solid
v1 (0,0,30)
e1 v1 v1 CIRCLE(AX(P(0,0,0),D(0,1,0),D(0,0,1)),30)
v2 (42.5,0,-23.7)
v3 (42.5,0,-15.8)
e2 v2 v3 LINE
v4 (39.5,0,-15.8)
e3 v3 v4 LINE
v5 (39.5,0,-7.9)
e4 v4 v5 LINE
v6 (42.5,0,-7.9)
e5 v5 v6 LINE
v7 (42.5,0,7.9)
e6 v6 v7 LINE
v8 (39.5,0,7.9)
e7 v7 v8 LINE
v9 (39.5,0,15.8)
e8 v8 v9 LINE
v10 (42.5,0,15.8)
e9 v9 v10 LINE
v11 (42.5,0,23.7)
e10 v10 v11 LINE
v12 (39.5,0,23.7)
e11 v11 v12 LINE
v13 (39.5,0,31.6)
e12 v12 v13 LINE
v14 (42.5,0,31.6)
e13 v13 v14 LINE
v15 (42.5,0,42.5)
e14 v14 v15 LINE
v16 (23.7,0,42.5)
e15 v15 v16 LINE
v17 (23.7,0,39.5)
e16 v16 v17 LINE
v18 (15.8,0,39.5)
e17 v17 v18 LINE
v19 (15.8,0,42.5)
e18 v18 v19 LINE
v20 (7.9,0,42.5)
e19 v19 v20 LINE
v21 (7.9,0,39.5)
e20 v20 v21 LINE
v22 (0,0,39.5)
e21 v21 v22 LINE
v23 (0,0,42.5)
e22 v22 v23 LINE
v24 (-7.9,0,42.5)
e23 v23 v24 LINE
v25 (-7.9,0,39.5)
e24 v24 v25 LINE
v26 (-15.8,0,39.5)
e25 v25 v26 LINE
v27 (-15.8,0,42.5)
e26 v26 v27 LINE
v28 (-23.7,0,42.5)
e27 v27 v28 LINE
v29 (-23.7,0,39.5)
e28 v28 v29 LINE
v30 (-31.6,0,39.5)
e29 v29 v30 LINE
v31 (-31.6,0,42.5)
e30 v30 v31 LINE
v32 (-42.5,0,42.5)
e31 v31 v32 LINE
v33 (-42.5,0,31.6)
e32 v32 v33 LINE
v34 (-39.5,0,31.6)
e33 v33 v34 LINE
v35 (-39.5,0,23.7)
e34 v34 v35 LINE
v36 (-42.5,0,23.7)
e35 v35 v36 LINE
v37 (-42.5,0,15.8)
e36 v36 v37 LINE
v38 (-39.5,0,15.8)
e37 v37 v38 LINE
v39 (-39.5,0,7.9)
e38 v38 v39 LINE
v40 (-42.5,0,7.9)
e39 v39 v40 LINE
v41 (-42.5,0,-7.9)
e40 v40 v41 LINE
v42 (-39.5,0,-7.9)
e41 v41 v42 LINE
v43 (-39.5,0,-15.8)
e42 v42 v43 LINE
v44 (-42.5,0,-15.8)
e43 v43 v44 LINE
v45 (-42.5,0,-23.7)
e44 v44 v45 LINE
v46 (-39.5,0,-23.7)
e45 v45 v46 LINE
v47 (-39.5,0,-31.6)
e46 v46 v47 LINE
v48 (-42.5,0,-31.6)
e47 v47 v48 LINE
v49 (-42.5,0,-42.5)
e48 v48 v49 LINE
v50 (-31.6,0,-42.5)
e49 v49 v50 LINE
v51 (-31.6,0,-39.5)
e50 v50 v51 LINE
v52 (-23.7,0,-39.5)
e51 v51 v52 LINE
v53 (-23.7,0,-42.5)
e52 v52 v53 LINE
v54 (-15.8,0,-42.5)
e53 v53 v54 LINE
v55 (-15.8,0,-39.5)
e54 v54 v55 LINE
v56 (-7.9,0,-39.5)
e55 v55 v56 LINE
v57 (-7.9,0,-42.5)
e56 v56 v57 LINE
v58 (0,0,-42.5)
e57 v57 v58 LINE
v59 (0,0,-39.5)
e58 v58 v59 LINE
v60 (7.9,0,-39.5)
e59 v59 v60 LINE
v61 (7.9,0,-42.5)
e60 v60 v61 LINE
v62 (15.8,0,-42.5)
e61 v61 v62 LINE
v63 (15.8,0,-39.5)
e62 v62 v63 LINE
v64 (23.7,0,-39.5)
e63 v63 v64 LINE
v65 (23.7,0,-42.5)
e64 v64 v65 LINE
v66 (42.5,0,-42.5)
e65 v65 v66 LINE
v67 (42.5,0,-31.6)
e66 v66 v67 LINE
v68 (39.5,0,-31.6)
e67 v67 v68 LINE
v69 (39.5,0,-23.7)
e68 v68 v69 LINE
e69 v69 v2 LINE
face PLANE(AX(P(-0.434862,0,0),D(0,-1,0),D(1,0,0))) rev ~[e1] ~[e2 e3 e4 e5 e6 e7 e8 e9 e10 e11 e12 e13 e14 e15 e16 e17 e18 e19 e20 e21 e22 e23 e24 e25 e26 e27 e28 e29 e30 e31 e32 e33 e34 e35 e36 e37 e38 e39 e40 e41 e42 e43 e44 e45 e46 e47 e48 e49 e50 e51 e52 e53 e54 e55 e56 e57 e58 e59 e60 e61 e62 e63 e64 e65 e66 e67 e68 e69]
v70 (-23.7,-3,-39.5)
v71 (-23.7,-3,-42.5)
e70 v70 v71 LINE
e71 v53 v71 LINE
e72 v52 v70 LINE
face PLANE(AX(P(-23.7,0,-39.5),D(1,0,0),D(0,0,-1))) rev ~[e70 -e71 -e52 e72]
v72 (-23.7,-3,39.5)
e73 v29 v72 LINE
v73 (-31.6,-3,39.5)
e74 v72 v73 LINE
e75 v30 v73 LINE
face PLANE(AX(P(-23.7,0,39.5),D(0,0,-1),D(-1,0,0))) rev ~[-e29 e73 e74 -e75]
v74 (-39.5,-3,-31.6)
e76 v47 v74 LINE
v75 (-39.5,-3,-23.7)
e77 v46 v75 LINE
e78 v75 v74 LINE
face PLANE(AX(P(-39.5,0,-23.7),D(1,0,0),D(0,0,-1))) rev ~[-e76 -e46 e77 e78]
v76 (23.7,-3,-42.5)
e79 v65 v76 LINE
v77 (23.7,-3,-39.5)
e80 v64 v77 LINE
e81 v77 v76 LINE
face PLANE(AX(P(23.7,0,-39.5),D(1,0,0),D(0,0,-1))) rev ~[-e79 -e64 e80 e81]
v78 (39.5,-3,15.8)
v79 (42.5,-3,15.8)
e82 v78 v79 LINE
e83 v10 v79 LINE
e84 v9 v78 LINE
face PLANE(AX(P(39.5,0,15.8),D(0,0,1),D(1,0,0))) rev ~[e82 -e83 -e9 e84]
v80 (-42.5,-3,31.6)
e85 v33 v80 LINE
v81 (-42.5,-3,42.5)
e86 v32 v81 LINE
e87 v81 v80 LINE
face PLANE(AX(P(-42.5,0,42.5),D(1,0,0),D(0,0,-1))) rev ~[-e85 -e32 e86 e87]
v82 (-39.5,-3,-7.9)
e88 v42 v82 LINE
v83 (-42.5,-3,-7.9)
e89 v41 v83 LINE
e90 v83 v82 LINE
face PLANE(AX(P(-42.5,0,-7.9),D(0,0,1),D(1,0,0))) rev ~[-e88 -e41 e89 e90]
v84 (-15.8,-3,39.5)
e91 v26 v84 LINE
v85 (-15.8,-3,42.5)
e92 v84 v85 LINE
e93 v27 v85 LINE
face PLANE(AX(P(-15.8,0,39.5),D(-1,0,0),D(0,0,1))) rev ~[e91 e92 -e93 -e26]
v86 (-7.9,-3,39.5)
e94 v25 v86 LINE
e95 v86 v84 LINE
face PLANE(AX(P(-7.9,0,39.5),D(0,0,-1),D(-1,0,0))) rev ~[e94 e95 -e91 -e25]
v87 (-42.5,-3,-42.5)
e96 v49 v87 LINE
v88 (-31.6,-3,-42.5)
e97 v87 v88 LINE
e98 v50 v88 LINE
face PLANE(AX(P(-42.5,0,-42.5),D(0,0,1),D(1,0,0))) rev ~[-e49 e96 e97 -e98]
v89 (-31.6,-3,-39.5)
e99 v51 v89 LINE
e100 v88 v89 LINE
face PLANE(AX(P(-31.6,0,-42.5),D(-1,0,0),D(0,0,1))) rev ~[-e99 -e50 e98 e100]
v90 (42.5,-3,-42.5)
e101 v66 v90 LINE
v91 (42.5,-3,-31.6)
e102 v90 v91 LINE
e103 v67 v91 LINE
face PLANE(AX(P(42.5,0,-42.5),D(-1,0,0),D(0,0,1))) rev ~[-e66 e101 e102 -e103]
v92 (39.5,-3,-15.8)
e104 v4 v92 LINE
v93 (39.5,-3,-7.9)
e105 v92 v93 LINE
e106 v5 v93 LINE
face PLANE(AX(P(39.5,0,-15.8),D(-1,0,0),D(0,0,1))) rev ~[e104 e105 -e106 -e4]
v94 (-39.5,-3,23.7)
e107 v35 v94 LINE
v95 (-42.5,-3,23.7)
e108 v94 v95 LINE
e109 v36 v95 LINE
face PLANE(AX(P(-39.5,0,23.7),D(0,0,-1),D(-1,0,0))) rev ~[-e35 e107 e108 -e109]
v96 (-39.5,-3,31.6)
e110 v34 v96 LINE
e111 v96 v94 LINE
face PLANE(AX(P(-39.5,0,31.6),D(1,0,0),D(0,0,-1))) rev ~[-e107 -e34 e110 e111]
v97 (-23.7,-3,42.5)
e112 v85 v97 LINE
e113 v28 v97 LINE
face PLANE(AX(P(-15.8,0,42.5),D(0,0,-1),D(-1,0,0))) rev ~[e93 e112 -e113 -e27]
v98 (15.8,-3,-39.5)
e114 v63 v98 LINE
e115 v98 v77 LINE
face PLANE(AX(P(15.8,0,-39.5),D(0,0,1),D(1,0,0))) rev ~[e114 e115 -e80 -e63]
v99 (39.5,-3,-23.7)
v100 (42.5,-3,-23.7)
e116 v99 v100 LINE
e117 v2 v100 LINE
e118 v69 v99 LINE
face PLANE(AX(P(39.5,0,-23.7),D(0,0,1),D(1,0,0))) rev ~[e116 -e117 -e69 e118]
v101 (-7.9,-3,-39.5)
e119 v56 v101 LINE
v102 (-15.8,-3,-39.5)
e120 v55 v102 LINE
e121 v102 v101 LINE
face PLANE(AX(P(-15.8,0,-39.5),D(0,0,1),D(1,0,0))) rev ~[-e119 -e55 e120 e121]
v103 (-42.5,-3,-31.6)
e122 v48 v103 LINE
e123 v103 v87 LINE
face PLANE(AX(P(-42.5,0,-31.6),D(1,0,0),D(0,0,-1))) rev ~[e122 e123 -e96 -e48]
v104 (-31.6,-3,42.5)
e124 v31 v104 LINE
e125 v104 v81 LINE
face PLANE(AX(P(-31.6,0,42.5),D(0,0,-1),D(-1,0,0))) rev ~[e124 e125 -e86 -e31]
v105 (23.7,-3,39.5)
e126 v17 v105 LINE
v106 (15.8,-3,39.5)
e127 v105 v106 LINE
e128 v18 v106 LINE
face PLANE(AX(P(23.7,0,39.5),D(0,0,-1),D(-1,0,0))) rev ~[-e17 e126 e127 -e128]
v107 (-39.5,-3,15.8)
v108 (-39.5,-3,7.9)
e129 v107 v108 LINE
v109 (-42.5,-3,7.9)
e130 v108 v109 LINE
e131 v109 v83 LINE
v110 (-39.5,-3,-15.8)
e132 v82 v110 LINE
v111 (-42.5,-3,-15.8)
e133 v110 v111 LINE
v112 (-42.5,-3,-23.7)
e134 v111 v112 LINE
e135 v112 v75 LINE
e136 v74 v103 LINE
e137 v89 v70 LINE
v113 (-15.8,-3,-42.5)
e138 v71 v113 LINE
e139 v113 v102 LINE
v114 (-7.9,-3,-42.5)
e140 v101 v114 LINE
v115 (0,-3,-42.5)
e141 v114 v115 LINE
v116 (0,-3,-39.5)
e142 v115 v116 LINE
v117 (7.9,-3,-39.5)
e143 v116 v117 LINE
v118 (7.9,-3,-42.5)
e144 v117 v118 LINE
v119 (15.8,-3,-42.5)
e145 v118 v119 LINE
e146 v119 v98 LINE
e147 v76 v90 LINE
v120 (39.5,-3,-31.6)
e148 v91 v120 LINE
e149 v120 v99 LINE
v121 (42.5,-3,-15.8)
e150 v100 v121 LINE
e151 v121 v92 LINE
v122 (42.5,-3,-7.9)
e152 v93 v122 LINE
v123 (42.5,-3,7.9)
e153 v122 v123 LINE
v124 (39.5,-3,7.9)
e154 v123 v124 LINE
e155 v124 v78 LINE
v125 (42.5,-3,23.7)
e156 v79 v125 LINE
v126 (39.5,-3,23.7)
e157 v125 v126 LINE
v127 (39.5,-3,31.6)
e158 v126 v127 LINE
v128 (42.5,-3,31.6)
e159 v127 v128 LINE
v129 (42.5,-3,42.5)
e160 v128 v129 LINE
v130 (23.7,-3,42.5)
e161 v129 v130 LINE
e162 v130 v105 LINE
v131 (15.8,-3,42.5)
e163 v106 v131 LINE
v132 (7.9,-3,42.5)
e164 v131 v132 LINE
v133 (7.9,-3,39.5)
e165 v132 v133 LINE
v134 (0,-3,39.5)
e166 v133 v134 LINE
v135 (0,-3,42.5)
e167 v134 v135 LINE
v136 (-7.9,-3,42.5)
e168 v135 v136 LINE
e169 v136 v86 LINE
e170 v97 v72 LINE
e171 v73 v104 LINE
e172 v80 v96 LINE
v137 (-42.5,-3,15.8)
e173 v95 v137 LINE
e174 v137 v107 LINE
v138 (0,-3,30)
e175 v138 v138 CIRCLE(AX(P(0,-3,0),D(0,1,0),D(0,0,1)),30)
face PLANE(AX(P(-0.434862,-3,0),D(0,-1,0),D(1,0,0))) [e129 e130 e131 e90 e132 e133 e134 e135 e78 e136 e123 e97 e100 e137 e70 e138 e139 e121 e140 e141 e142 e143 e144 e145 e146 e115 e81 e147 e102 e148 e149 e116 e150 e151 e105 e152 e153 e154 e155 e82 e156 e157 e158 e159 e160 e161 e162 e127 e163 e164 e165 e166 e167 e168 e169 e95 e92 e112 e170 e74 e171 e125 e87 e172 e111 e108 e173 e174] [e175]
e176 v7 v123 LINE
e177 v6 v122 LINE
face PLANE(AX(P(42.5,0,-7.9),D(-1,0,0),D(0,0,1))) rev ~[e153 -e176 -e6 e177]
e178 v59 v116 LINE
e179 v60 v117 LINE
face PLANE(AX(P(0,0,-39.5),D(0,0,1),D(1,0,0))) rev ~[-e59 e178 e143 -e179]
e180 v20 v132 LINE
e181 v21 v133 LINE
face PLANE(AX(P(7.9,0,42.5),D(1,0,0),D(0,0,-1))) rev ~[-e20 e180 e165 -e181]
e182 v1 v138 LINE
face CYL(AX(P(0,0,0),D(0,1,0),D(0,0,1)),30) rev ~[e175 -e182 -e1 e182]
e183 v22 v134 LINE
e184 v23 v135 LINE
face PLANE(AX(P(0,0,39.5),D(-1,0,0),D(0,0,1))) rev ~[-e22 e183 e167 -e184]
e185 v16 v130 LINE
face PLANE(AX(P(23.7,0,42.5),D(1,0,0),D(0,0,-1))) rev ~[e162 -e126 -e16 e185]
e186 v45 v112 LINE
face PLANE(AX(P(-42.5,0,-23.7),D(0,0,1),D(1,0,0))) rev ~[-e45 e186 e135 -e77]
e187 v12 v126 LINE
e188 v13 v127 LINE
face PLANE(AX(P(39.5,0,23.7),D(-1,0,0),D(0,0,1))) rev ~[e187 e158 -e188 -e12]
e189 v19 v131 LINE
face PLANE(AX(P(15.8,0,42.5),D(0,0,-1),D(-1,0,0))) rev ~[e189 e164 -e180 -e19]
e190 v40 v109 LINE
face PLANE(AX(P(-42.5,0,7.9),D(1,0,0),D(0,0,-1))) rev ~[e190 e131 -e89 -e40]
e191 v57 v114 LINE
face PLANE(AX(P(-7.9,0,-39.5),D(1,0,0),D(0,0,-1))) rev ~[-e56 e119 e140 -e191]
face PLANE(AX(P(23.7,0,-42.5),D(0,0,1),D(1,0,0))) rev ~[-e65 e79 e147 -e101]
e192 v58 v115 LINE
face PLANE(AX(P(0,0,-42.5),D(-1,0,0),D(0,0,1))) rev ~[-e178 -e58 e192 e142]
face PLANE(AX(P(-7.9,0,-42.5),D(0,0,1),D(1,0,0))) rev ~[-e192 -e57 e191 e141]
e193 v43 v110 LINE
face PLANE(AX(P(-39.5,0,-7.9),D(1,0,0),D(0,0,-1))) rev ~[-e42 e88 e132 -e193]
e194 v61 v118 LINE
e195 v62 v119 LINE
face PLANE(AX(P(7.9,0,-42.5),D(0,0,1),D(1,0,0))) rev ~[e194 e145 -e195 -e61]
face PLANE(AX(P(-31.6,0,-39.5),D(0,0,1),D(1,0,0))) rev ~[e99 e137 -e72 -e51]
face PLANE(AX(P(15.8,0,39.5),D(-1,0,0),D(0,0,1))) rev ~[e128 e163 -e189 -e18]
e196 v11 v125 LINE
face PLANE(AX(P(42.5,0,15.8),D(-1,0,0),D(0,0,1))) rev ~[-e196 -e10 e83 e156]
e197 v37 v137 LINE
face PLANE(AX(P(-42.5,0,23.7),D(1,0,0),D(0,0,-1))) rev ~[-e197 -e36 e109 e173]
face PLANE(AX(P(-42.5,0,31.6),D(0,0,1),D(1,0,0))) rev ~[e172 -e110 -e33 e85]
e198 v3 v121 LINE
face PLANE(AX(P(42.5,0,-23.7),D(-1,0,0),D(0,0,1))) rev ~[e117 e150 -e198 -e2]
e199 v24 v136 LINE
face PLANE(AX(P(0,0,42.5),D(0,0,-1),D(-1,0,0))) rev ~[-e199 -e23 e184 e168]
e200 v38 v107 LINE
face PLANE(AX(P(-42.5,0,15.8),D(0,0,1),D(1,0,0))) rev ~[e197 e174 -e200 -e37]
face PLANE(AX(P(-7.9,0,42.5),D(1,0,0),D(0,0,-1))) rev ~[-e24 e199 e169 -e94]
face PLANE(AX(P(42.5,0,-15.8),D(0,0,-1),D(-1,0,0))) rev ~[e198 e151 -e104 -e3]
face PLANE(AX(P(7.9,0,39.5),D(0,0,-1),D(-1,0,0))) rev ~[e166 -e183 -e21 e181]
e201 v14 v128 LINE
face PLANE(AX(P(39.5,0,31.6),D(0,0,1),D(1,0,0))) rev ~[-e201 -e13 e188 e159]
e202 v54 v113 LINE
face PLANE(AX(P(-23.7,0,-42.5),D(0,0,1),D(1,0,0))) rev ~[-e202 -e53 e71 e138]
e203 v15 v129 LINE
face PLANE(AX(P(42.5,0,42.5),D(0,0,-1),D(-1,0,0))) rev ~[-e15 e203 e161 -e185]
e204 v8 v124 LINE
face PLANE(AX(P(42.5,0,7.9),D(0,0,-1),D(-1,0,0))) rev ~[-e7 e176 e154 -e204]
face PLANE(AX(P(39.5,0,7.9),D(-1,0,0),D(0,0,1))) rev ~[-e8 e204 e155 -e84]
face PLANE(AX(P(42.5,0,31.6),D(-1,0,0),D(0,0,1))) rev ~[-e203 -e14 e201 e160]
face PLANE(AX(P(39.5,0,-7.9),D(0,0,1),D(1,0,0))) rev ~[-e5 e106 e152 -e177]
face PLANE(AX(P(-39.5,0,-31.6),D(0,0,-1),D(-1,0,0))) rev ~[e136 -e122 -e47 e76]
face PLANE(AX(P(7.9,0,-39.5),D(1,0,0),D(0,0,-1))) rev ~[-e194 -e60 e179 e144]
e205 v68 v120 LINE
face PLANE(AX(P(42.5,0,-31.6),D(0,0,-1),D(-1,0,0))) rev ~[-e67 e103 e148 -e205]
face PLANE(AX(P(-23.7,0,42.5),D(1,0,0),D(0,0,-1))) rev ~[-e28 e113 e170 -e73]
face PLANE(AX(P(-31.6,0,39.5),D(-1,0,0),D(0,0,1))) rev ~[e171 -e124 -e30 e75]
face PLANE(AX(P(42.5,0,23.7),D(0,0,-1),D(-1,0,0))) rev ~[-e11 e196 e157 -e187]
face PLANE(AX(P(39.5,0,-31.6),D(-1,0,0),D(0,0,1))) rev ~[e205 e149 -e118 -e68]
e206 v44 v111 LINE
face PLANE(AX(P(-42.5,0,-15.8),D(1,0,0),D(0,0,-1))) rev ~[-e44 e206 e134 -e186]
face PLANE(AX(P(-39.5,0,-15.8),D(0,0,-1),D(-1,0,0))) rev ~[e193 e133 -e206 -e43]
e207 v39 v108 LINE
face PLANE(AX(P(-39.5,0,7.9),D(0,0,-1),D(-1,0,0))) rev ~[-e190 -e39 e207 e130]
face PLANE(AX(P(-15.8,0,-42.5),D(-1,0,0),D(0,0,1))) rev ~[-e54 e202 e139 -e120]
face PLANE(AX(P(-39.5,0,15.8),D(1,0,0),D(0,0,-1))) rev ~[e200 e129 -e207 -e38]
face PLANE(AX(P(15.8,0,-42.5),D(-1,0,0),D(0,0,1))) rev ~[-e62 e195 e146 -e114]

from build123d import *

# Parameters (mm, degrees)
F1_DEPTH = 3


with BuildPart() as f1:
    # F0 (on Front) → F1 (new body)
    with BuildSketch(Plane.XZ):
        Polygon((-42.5, -31.6), (-42.5, -42.5), (-31.6, -42.5), (-31.6, -39.5), (-23.7, -39.5), (-23.7, -42.5), (-15.8, -42.5), (-15.8, -39.5), (-7.9, -39.5), (-7.9, -42.5), (0, -42.5), (0, -39.5), (7.9, -39.5), (7.9, -42.5), (15.8, -42.5), (15.8, -39.5), (23.7, -39.5), (23.7, -42.5), (42.5, -42.5), (42.5, -31.6), (39.5, -31.6), (39.5, -23.7), (42.5, -23.7), (42.5, -15.8), (39.5, -15.8), (39.5, -7.9), (42.5, -7.9), (42.5, 0), (42.5, 7.9), (39.5, 7.9), (39.5, 15.8), (42.5, 15.8), (42.5, 23.7), (39.5, 23.7), (39.5, 31.6), (42.5, 31.6), (42.5, 42.5), (23.7, 42.5), (23.7, 39.5), (15.8, 39.5), (15.8, 42.5), (7.9, 42.5), (7.9, 39.5), (0, 39.5), (0, 42.5), (-7.9, 42.5), (-7.9, 39.5), (-15.8, 39.5), (-15.8, 42.5), (-23.7, 42.5), (-23.7, 39.5), (-31.6, 39.5), (-31.6, 42.5), (-42.5, 42.5), (-42.5, 31.6), (-39.5, 31.6), (-39.5, 23.7), (-42.5, 23.7), (-42.5, 15.8), (-39.5, 15.8), (-39.5, 7.9), (-42.5, 7.9), (-42.5, 0), (-42.5, -7.9), (-39.5, -7.9), (-39.5, -15.8), (-42.5, -15.8), (-42.5, -23.7), (-39.5, -23.7), (-39.5, -31.6), align=None)
        with BuildLine():
            ThreePointArc((0, -30), (-30, 0), (0, 30))
            ThreePointArc((0, 30), (30, 0), (0, -30))
        make_face(mode=Mode.SUBTRACT)
    extrude(amount=F1_DEPTH)


solid = f1.part
